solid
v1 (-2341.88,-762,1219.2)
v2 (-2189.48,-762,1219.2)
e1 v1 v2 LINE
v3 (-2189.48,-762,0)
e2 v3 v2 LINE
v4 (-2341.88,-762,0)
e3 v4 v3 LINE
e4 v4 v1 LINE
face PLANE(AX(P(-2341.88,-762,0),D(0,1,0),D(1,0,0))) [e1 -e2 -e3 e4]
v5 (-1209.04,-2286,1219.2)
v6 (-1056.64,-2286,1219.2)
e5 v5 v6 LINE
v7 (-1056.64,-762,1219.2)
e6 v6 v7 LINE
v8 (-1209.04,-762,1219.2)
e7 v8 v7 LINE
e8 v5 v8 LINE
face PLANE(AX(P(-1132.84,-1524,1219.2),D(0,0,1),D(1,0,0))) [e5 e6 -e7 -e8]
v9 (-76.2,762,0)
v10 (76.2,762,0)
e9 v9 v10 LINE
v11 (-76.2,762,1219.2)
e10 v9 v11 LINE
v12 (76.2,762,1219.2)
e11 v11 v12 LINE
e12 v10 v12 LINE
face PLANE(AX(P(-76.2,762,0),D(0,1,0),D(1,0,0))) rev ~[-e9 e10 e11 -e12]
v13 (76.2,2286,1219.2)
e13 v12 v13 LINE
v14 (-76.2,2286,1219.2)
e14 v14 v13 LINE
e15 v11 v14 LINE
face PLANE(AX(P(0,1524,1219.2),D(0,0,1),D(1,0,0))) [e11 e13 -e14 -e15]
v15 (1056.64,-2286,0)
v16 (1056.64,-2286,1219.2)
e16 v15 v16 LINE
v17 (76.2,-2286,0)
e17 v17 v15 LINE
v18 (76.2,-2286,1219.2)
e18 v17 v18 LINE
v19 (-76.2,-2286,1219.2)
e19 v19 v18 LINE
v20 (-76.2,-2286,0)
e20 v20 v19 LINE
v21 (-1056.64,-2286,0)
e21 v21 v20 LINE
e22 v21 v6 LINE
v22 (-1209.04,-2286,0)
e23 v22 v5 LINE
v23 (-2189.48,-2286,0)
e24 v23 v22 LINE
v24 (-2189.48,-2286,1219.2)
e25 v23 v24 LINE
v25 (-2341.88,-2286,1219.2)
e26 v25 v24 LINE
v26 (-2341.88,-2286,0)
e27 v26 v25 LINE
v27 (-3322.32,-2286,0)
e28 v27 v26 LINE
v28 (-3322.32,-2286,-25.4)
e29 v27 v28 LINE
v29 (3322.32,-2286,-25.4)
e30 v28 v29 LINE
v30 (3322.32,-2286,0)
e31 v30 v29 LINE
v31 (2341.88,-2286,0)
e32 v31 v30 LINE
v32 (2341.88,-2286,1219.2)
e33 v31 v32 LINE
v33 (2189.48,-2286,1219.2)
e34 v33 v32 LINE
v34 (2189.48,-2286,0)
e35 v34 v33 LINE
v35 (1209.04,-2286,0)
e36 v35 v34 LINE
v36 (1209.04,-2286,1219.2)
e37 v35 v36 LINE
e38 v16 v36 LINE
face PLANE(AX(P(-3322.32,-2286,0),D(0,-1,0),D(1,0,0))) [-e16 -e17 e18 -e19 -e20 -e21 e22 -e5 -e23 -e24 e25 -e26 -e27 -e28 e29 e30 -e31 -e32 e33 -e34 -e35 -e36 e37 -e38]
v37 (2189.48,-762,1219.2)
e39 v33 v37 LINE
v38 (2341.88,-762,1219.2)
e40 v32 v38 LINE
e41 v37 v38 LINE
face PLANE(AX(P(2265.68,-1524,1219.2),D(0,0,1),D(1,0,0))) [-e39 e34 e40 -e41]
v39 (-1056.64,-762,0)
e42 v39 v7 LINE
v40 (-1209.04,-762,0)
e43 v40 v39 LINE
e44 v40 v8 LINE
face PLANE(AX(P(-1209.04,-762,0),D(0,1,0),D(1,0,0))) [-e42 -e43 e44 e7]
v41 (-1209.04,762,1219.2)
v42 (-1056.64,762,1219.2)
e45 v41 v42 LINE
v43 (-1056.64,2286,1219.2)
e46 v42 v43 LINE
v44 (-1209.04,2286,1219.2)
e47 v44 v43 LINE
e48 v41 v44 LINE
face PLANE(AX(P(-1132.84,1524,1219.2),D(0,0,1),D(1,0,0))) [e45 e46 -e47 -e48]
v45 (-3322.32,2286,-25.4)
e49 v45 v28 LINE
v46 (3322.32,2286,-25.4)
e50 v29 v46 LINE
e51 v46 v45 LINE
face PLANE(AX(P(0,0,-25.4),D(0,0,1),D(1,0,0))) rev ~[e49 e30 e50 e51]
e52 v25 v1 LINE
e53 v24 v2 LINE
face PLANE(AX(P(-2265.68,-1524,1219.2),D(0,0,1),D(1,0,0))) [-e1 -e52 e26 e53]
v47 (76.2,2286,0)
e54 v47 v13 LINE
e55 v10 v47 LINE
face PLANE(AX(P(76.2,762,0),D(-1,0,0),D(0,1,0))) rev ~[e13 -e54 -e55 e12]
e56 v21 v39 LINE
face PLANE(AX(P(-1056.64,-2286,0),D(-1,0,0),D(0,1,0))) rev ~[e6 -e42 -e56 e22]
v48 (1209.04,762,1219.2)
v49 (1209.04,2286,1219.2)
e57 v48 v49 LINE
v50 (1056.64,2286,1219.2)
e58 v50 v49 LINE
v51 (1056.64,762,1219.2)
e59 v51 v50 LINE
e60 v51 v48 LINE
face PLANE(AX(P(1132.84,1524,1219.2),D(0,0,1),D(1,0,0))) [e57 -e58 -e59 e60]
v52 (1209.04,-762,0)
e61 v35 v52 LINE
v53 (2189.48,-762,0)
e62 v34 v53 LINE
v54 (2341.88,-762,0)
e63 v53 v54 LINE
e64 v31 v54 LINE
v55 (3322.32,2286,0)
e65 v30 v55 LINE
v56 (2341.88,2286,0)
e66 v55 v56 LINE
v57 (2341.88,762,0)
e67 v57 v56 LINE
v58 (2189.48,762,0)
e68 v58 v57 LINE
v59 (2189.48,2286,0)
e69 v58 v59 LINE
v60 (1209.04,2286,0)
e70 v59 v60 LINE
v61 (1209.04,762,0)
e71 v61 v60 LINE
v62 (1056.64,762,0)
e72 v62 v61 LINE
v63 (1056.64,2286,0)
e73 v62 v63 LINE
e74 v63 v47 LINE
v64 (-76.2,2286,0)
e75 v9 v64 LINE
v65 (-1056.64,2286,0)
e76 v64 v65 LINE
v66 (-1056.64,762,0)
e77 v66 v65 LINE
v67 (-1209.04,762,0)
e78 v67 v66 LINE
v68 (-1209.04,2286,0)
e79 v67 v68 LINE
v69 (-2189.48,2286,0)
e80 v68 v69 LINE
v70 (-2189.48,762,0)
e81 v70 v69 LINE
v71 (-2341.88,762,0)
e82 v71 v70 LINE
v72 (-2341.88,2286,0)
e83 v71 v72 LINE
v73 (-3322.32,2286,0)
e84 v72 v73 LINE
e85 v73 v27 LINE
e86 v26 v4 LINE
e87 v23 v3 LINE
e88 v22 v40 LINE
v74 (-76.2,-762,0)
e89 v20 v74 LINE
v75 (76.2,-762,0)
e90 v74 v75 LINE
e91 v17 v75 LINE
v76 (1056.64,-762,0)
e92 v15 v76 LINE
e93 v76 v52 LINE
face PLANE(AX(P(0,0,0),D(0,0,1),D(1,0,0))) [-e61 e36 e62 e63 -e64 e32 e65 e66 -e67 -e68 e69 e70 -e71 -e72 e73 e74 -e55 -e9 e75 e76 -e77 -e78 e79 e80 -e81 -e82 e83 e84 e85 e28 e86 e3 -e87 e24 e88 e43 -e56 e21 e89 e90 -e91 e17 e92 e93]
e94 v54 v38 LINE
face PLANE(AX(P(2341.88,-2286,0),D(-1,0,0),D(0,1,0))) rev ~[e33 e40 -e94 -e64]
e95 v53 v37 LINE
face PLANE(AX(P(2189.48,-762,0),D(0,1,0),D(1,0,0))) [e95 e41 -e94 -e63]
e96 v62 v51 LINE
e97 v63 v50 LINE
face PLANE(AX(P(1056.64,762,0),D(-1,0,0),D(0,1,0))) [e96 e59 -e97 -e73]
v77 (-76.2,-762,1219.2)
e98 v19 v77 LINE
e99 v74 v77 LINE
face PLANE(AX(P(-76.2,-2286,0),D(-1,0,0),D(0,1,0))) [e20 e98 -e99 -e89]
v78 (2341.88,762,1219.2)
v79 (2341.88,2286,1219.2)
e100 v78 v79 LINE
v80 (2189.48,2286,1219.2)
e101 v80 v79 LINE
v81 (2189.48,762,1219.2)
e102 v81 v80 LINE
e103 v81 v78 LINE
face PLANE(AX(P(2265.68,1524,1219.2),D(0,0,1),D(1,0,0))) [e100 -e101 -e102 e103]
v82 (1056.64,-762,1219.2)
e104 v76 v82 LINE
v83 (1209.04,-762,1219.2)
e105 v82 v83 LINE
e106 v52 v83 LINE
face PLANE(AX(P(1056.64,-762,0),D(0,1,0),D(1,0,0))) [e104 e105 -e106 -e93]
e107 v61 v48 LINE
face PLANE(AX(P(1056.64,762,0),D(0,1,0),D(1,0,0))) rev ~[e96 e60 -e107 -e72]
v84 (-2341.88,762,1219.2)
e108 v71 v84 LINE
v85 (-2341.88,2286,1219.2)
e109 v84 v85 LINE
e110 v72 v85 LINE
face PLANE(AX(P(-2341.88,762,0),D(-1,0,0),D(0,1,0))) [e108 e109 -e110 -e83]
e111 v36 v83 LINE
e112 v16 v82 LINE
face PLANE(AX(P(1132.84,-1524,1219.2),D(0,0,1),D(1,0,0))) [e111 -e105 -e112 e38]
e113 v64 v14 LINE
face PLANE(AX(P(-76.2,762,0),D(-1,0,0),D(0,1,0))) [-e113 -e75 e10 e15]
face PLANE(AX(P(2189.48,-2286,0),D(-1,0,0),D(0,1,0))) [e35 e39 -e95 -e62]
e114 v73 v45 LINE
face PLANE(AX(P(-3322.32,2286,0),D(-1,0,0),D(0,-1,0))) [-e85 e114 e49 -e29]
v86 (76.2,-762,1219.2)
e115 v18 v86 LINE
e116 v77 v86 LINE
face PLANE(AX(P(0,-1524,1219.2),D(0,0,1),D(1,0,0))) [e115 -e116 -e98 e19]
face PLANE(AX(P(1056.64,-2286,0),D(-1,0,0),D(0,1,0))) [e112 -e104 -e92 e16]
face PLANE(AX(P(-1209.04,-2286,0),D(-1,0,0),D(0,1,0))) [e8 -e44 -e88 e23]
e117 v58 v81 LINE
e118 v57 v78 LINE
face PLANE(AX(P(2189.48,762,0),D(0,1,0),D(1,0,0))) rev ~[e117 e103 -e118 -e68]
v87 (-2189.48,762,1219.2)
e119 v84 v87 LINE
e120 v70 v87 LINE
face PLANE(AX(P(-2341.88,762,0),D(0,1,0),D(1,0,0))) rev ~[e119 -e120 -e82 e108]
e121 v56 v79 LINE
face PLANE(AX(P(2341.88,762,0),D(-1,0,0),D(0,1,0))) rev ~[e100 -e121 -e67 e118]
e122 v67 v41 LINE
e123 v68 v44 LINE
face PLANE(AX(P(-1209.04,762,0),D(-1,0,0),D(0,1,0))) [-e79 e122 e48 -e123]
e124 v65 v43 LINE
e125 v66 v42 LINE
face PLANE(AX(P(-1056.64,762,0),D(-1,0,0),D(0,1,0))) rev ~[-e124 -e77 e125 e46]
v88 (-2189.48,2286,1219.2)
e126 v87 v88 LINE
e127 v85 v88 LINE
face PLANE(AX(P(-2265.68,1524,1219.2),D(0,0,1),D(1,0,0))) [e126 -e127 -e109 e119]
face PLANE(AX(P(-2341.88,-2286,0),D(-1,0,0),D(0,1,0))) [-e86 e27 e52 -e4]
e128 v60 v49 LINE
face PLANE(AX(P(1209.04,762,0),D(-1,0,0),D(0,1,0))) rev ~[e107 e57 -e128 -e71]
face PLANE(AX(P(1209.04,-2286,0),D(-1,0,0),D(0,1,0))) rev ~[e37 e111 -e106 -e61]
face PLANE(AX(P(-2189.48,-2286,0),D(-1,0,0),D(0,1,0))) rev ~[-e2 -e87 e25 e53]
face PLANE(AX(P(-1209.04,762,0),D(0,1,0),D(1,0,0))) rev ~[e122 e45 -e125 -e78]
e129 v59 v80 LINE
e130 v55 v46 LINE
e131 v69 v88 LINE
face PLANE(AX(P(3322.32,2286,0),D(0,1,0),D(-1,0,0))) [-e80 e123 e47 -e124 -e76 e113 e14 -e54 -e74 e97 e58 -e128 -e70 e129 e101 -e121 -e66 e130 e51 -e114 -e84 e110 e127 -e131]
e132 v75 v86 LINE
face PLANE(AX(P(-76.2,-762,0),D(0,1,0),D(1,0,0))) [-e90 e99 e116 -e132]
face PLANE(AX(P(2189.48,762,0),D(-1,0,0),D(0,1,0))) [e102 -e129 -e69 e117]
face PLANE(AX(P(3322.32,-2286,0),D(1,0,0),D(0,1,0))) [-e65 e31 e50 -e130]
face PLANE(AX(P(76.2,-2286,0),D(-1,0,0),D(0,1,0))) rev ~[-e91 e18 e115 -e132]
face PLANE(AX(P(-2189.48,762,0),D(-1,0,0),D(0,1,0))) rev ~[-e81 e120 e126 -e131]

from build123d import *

# Parameters (mm, degrees)
F0_W     = 980.44
F0_H     = 1524
F0_W_2   = 152.4
F1_DEPTH = 25.4
F2_DEPTH = 1219.2


with BuildPart() as f1:
    # F0 (on Top) → F1 (new body)
    with BuildSketch(Plane.XY):
        Polygon((-2993.798816, 762), (-3322.32, 762), (-3322.32, -762), (-2341.88, -762), (-2189.48, -762), (-1209.04, -762), (-1056.64, -762), (-76.2, -762), (76.2, -762), (1056.64, -762), (1209.04, -762), (2189.48, -762), (2341.88, -762), (3322.32, -762), (3322.32, 762), (2341.88, 762), (2189.48, 762), (1209.04, 762), (1056.64, 762), (76.2, 762), (-76.2, 762), (-1056.64, 762), (-1209.04, 762), (-2189.48, 762), (-2341.88, 762), align=None)
        with Locations((-2832.1, -1524)):
            Rectangle(F0_W, F0_H)
        with Locations((-2265.68, -1524)):
            Rectangle(F0_W_2, F0_H)
        with Locations((-1132.84, -1524)):
            Rectangle(F0_W_2, F0_H)
        with Locations((-566.42, -1524)):
            Rectangle(F0_W, F0_H)
        with Locations((566.42, -1524)):
            Rectangle(F0_W, F0_H)
        with Locations((1699.26, -1524)):
            Rectangle(F0_W, F0_H)
        with Locations((2832.1, -1524)):
            Rectangle(F0_W, F0_H)
        with Locations((2832.1, 1524)):
            Rectangle(F0_W, F0_H)
        with Locations((2265.68, 1524)):
            Rectangle(F0_W_2, F0_H)
        with Locations((1699.26, 1524)):
            Rectangle(F0_W, F0_H)
        with Locations((-566.42, 1524)):
            Rectangle(F0_W, F0_H)
        with Locations((-1699.26, 1524)):
            Rectangle(F0_W, F0_H)
        Polygon((-2341.88, 2286), (-3322.32, 2286), (-3322.32, 762), (-2993.798816, 762), (-2341.88, 762), align=None)
        with Locations((-1132.84, 1524)):
            Rectangle(F0_W_2, F0_H)
        with Locations((-2265.68, 1524)):
            Rectangle(F0_W_2, F0_H)
        with Locations((0, 1524)):
            Rectangle(F0_W_2, F0_H)
        with Locations((1132.84, -1524)):
            Rectangle(F0_W_2, F0_H)
        with Locations((566.42, 1524)):
            Rectangle(F0_W, F0_H)
        with Locations((1132.84, 1524)):
            Rectangle(F0_W_2, F0_H)
        with Locations((2265.68, -1524)):
            Rectangle(F0_W_2, F0_H)
        with Locations((0, -1524)):
            Rectangle(F0_W_2, F0_H)
        with Locations((-1699.26, -1524)):
            Rectangle(F0_W, F0_H)
    extrude(amount=-F1_DEPTH)

    # F0 (on Top) → F2 (join)
    with BuildSketch(Plane.XY):
        with Locations((-2265.68, -1524)):
            Rectangle(F0_W_2, F0_H)
        with Locations((-2265.68, 1524)):
            Rectangle(F0_W_2, F0_H)
        with Locations((-1132.84, -1524)):
            Rectangle(F0_W_2, F0_H)
        with Locations((-1132.84, 1524)):
            Rectangle(F0_W_2, F0_H)
        with Locations((0, -1524)):
            Rectangle(F0_W_2, F0_H)
        with Locations((0, 1524)):
            Rectangle(F0_W_2, F0_H)
        with Locations((1132.84, 1524)):
            Rectangle(F0_W_2, F0_H)
        with Locations((1132.84, -1524)):
            Rectangle(F0_W_2, F0_H)
        with Locations((2265.68, -1524)):
            Rectangle(F0_W_2, F0_H)
        with Locations((2265.68, 1524)):
            Rectangle(F0_W_2, F0_H)
    extrude(amount=F2_DEPTH)


solid = f1.part
